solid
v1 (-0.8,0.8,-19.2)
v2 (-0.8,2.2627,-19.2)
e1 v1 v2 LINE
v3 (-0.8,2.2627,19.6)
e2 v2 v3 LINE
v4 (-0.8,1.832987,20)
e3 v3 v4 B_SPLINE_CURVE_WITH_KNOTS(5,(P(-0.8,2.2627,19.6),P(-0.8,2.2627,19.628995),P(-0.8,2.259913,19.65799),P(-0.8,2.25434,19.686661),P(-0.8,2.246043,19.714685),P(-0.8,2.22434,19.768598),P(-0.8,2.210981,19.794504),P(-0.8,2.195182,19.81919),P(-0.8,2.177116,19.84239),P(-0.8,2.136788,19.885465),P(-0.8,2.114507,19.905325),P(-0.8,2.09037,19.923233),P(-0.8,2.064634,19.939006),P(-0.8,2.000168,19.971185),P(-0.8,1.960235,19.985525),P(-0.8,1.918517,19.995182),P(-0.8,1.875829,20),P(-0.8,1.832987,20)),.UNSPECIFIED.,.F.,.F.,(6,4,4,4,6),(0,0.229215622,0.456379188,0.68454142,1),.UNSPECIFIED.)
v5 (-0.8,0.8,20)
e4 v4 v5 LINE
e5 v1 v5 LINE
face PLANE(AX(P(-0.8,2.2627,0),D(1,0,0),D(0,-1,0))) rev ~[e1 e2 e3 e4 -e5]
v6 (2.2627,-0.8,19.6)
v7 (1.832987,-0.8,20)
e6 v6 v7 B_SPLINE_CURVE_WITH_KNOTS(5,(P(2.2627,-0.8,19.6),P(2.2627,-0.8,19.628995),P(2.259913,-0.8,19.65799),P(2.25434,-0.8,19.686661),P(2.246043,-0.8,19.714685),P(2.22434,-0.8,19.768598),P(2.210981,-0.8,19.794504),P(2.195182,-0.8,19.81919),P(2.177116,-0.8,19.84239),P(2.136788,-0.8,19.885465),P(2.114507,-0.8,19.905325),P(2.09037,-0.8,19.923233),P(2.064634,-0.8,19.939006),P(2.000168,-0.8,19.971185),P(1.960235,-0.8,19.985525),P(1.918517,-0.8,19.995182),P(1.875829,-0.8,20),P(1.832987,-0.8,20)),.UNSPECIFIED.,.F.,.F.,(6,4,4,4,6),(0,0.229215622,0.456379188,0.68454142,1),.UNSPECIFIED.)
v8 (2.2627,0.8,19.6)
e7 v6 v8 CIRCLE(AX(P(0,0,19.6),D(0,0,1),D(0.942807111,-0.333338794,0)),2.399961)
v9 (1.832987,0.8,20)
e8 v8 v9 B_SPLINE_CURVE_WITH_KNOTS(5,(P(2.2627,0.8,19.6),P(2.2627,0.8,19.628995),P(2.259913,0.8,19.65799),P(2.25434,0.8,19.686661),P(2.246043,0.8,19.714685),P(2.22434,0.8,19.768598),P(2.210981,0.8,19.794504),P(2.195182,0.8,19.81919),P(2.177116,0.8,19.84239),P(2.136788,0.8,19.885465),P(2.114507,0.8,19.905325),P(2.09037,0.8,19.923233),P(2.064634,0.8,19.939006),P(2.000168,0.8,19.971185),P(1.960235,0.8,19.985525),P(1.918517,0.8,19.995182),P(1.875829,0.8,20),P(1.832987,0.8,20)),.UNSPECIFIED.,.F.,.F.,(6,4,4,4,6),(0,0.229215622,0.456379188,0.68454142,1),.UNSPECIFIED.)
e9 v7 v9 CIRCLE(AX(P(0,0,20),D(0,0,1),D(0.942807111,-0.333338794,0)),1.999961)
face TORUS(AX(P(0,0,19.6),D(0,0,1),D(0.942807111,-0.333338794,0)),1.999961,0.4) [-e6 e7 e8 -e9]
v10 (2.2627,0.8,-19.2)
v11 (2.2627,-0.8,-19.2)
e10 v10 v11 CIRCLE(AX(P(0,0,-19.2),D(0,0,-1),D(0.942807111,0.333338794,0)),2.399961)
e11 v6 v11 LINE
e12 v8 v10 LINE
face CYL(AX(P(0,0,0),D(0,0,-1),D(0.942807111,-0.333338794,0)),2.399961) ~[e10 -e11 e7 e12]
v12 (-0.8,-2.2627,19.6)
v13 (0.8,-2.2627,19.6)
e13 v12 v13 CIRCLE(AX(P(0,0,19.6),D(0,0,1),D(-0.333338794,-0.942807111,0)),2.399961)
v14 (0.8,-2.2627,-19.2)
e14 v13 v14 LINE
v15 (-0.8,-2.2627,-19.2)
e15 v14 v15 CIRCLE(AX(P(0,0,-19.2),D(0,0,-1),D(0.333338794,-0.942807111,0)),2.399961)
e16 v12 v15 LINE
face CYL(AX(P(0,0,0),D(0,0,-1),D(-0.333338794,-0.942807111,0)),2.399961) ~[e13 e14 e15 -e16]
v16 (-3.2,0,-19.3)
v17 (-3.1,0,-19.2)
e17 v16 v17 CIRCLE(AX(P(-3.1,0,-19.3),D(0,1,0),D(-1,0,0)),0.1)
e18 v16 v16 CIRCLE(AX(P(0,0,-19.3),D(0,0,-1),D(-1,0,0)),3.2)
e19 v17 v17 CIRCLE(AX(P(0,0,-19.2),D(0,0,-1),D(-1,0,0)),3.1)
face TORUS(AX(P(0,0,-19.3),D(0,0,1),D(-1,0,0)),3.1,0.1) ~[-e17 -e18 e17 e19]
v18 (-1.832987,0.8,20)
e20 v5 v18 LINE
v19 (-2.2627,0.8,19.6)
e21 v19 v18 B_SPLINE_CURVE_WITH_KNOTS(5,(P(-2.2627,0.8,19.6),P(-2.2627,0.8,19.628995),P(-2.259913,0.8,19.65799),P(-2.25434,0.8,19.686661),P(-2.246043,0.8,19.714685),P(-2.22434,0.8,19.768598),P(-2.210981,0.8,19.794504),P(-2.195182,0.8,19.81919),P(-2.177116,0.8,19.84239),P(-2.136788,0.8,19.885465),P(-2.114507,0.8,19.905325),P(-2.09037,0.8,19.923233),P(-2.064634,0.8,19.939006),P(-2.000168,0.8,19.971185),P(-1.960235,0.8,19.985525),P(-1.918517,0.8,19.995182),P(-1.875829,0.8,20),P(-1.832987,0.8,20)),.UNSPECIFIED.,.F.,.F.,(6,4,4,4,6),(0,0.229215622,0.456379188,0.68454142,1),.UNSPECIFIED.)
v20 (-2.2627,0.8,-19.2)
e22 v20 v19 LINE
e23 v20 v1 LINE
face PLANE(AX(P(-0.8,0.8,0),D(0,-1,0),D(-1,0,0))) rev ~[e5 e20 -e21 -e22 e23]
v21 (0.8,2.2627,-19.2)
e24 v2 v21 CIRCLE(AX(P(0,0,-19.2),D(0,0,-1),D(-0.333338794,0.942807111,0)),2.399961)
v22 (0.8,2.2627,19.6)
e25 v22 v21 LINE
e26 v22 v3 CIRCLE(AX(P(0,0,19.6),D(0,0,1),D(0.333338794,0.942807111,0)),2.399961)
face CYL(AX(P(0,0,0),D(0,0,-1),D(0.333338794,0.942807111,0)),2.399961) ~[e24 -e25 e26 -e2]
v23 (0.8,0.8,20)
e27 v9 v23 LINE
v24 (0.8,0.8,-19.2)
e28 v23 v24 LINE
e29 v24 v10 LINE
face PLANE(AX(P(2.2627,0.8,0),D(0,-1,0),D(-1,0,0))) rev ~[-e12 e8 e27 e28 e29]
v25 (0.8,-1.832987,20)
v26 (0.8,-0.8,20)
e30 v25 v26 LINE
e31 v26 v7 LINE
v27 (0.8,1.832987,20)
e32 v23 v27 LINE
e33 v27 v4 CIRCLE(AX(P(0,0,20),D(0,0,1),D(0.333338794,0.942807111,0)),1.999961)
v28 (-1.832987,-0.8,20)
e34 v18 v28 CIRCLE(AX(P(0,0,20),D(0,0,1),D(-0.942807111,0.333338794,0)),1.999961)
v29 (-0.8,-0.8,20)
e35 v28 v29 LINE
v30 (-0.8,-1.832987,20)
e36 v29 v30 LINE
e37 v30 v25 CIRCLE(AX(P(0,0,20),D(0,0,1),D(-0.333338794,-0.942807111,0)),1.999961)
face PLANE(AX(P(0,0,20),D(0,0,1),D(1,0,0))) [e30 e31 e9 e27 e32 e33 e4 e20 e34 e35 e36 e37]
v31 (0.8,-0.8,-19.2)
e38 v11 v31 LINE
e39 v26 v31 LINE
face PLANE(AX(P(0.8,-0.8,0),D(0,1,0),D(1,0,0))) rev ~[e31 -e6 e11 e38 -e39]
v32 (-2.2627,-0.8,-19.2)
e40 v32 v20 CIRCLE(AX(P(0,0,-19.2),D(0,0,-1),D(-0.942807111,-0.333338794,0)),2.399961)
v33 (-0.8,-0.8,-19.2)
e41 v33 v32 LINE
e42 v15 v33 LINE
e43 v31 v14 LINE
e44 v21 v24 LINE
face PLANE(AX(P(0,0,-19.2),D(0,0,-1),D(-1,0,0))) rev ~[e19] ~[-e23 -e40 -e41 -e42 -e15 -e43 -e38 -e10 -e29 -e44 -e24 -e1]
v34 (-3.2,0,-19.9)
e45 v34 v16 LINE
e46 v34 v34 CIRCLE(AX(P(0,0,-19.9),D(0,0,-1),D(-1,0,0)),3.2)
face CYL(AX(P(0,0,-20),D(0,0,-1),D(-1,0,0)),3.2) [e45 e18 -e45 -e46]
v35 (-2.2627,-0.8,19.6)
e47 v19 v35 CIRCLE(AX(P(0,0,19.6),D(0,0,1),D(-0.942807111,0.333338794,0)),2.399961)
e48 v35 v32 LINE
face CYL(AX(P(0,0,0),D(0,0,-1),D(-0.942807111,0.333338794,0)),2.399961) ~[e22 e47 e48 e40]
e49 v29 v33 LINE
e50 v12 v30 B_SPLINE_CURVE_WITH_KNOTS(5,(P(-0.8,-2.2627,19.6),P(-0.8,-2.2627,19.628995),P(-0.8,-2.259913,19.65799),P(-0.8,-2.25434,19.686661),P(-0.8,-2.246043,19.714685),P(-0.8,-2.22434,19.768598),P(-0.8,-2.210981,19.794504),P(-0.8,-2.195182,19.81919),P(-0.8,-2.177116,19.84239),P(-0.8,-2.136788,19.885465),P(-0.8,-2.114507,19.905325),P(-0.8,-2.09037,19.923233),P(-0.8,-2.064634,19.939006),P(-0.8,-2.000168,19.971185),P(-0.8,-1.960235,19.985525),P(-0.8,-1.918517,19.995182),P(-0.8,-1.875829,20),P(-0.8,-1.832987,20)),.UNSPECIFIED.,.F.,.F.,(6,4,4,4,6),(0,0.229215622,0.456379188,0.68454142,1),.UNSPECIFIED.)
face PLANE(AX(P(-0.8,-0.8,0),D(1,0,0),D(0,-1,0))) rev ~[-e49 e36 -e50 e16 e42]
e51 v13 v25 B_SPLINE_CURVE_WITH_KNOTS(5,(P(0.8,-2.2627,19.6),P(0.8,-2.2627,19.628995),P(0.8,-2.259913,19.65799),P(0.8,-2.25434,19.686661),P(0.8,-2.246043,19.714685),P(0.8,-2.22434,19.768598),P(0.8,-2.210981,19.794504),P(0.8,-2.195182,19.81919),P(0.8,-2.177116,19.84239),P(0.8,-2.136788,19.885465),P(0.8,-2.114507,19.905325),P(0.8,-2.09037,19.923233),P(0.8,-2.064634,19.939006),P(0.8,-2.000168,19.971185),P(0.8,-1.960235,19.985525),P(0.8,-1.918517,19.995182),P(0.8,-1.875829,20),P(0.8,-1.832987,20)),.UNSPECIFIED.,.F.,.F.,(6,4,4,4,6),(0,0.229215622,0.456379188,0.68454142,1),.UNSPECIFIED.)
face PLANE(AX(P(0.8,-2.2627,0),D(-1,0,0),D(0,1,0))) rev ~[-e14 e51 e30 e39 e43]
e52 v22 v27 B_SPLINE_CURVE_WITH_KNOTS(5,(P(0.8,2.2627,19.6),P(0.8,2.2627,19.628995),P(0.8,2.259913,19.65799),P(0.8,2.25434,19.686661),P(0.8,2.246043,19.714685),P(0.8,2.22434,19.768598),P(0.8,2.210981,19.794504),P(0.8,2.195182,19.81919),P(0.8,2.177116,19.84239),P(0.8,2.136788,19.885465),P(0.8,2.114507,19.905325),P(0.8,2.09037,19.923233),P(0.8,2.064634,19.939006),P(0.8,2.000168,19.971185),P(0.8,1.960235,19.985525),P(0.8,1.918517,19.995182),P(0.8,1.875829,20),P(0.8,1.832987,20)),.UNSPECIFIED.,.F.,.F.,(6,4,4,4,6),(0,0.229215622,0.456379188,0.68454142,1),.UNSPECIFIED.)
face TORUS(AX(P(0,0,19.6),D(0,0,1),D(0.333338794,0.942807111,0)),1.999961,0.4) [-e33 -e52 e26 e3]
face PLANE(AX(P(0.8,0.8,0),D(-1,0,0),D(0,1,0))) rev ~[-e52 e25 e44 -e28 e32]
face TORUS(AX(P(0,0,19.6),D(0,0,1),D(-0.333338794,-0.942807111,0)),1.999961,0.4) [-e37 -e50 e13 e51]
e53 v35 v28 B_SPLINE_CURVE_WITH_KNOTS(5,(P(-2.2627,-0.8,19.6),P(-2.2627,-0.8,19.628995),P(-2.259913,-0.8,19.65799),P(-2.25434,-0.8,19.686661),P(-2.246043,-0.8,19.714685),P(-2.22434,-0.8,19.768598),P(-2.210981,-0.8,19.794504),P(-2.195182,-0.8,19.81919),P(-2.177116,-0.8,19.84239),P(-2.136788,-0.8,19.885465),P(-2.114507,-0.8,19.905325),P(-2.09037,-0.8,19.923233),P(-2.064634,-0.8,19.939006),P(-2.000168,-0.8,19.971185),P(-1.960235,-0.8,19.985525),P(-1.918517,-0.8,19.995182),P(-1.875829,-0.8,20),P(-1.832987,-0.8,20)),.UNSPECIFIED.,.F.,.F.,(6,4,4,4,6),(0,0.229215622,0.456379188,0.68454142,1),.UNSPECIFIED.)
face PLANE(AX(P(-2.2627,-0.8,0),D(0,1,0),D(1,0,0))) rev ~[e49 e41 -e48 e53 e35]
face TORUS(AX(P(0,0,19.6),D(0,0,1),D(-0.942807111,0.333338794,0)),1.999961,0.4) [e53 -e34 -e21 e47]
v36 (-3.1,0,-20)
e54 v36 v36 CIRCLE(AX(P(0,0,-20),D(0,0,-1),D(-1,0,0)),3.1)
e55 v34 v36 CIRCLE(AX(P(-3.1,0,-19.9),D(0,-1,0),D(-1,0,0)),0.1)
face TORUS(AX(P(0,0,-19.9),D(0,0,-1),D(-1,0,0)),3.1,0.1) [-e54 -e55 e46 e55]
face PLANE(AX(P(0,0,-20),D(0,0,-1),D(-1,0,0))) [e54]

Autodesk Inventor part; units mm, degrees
ref_plane "YZ Plane" through (0, 0, 0) normal (1, 0, 0) x (0, 1, 0)
ref_plane "XZ Plane" through (0, 0, 0) normal (0, 1, 0) x (-1, 0, 0)
ref_plane "XY Plane" through (0, 0, 0) normal (0, 0, 1) x (1, 0, 0)
sketch "Sketch1" plane through (0, 0, 0) normal (0, 0, 1) x (1, 0, 0)
  circle A0 centre (0, 0) radius 2.4 construction
  line L0 (-0.8, 2.2627) -> (-0.8, 0.8)
  line L1 (-0.8, 0.8) -> (-2.2627, 0.8)
  line L2 (-2.2627, -0.8) -> (-0.8, -0.8)
  line L3 (-0.8, -0.8) -> (-0.8, -2.2627)
  line L4 (0.8, -2.2627) -> (0.8, -0.8)
  line L5 (0.8, -0.8) -> (2.2627, -0.8)
  line L6 (2.2627, 0.8) -> (0.8, 0.8)
  line L7 (0.8, 0.8) -> (0.8, 2.2627)
  arc A1 (0.8, 2.2627) -> (-0.8, 2.2627) centre (0, 0) ccw
  arc A2 (-2.2627, 0.8) -> (-2.2627, -0.8) centre (0, 0) ccw
  arc A3 (-0.8, -2.2627) -> (0.8, -2.2627) centre (0, 0) ccw
  arc A4 (2.2627, -0.8) -> (2.2627, 0.8) centre (0, 0) ccw
  dimension "d0" = 4.8
  dimension "d1" = 1.6
extrude "Extrusion1" add sketch "Sketch1" along normal mid plane 40
sketch "Sketch2" plane through (0, 0, -20) normal (0, 0, -1) x (-1, 0, 0)
  line L0 (0.8, 0.8) -> (0.8, 2.2627) projected
  arc A0 (0.8, 2.2627) -> (-0.8, 2.2627) centre (0, 0) ccw projected
  line L1 (-0.8, 2.2627) -> (-0.8, 0.8) projected
  line L2 (-0.8, 0.8) -> (-2.2627, 0.8) projected
  arc A1 (-2.2627, 0.8) -> (-2.2627, -0.8) centre (0, 0) ccw projected
  line L3 (-2.2627, -0.8) -> (-0.8, -0.8) projected
  line L4 (-0.8, -0.8) -> (-0.8, -2.2627) projected
  arc A2 (-0.8, -2.2627) -> (0.8, -2.2627) centre (0, 0) ccw projected
  line L5 (0.8, -2.2627) -> (0.8, -0.8) projected
  line L6 (0.8, -0.8) -> (2.2627, -0.8) projected
  arc A3 (2.2627, -0.8) -> (2.2627, 0.8) centre (0, 0) ccw projected
  line L7 (2.2627, 0.8) -> (0.8, 0.8) projected
  circle A4 centre (0, 0) radius 3.2
  dimension "d7" = 6.4
extrude "Extrusion2" add sketch "Sketch2" against normal blind 0.8
fillet "Fillet1" radius 0.4 4 edges at (0, 2.4, 20) (-2.4, 0, 20) (0, -2.4, 20) (2.4, 0, 20)
fillet "Fillet1" radius 0.1 2 edges at (3.2, 0, -19.2) (3.2, 0, -20)
equation "\"d0\" = kd"
equation "\"d1\" = axlet"
equation "\"d2\" = 5 * lu"
equation "\"d7\" = tsd"
equation "\"d8\" = tsl"
equation "\"d4\" = tf"
equation "\"d10\" = lf"
equation "\"kd\" = 4.8"
equation "\"axlet\" = 1.6"
equation "\"lu\" = 8"
equation "\"tsd\" = 6.4"
equation "\"tsl\" = 0.8"
equation "\"tf\" = 0.4"
equation "\"lf\" = 0.1"
properties part number "15462-ReddishBrown" material "ABS Plastic"
